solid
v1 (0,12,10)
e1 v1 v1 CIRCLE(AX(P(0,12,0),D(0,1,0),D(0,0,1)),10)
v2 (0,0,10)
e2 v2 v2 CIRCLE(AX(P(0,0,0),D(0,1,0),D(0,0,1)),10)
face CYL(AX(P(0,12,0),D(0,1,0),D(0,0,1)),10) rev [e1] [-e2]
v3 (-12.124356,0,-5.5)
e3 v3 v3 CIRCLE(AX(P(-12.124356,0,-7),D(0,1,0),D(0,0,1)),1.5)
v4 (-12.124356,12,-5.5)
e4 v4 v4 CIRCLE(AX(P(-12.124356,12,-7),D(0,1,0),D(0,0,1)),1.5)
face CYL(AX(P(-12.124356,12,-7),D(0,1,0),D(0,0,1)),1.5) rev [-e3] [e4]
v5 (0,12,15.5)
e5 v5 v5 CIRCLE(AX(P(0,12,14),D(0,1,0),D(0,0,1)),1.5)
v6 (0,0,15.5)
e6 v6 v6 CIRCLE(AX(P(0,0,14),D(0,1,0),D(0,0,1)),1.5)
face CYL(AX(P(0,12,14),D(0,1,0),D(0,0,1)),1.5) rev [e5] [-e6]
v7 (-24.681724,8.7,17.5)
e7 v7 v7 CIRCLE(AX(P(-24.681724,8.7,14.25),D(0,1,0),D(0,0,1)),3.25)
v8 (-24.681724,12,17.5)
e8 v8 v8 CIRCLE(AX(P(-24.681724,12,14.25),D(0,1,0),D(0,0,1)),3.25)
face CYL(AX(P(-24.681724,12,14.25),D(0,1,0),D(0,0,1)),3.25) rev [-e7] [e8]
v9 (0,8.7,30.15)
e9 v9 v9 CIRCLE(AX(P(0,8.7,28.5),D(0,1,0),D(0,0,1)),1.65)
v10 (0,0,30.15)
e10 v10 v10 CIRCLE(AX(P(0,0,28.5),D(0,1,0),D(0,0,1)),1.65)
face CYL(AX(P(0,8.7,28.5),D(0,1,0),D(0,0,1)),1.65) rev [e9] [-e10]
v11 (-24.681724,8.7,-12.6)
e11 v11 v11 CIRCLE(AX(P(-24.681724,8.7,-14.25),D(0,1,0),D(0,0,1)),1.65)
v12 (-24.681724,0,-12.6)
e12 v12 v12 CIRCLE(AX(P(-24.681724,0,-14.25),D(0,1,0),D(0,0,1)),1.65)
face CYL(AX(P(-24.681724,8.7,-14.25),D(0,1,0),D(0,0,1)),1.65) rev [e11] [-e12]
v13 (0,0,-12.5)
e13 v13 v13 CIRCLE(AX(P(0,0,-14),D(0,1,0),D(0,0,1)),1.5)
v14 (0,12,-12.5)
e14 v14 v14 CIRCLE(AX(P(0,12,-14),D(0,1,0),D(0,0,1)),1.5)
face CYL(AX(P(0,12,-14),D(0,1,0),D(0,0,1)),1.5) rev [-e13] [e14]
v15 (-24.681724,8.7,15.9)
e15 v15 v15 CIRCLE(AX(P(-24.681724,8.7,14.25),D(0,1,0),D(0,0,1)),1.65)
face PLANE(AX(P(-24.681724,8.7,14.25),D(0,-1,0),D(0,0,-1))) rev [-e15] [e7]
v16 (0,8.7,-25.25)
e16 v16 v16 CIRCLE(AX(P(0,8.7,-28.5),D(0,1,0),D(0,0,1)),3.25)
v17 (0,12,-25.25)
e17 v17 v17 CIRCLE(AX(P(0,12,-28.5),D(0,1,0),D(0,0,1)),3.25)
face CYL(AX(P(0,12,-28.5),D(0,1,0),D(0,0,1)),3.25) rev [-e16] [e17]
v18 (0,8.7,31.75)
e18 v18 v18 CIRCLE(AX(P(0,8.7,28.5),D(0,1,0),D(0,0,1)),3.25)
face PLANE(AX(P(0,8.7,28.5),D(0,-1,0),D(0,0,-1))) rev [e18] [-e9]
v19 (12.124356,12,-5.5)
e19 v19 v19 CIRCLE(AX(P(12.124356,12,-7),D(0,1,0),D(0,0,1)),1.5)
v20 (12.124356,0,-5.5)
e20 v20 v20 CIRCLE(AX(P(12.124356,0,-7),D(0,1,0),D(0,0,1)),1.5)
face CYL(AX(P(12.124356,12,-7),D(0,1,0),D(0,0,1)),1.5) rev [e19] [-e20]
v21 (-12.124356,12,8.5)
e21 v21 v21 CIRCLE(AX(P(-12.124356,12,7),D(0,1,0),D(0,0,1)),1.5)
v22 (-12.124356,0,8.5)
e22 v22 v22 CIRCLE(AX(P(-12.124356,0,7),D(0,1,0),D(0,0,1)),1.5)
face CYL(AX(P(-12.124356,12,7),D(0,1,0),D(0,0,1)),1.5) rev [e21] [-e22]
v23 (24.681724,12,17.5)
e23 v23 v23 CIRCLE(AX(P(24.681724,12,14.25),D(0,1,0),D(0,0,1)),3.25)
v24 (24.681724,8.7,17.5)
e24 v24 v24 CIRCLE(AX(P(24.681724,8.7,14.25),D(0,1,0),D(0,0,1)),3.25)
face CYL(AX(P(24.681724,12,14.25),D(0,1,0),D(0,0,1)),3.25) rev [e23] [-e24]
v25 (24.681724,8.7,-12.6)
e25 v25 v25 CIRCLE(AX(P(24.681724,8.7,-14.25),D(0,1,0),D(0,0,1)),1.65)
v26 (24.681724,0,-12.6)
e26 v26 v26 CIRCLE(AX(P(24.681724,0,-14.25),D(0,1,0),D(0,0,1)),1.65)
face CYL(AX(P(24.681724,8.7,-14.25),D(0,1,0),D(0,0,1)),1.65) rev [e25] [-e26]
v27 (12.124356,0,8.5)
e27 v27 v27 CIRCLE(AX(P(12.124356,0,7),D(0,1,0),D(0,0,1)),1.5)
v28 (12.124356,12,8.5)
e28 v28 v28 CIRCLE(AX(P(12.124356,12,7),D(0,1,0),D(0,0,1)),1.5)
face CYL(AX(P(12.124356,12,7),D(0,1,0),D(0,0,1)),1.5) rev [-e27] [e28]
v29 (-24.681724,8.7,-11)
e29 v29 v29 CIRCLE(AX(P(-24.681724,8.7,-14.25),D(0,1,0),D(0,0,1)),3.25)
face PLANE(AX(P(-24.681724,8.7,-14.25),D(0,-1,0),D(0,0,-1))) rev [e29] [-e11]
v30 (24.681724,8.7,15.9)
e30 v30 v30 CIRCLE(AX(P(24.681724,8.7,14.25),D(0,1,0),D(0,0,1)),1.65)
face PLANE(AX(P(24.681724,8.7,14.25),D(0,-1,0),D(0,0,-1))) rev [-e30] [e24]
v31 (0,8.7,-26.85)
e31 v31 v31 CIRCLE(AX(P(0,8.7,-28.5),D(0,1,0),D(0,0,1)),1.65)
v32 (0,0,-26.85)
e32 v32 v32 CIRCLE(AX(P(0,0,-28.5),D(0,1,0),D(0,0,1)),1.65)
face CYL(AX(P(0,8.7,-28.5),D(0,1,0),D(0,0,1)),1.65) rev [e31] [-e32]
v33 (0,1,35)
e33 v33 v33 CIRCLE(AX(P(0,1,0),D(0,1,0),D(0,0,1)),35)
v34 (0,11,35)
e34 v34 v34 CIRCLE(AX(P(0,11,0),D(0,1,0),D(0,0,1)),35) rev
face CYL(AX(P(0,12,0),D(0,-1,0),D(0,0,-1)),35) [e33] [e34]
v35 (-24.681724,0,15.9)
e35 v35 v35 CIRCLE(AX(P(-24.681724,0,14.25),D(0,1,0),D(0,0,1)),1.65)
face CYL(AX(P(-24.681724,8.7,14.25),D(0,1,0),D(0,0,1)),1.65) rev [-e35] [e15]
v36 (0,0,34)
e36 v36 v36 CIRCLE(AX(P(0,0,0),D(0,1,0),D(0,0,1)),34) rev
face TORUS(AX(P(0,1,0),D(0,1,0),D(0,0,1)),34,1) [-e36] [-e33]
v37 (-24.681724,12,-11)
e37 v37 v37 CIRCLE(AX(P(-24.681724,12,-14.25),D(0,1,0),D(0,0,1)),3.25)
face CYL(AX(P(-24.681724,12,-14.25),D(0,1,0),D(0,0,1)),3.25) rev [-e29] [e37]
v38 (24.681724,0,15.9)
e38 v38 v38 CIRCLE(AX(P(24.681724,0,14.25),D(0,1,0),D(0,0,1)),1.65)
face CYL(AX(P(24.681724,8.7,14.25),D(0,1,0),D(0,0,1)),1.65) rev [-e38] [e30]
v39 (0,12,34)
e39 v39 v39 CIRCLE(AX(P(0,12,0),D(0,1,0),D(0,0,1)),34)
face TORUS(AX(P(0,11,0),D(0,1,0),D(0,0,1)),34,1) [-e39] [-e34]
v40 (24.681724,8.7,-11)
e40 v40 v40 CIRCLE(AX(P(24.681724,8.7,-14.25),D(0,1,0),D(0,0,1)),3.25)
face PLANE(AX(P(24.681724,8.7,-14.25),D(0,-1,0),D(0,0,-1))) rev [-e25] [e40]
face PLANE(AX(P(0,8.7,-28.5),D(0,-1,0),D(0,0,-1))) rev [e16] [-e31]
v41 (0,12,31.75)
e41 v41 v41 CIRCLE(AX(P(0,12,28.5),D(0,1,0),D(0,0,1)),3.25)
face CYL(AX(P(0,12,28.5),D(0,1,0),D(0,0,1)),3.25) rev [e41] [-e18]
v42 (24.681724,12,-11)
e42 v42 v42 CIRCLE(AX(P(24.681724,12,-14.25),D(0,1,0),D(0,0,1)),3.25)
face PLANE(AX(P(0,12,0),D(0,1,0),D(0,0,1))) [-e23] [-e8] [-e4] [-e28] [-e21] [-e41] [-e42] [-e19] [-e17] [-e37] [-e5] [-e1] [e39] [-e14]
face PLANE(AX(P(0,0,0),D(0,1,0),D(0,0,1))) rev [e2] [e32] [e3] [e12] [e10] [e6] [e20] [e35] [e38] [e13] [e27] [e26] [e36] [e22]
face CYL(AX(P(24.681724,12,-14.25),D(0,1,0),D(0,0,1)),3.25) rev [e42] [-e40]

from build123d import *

# Parameters (mm, degrees)
SKETCH_1_R               = 35
EXTRUDE_1_DEPTH          = 12
HOLE_WIZARD_1_D          = 6.5
HOLE_WIZARD_1_DEPTH      = 3.3
PATTERN_CIRCULAR_1_COUNT = 6
HOLE_WIZARD_2_D          = 3.3
PATTERN_CIRCULAR_2_COUNT = 6
HOLE_WIZARD_3_D          = 3
PATTERN_CIRCULAR_3_COUNT = 6
FILLET_1_R               = 1
HOLE_WIZARD_4_D          = 20


with BuildPart() as part:
    # 草图1 → 凸台-拉伸1 (new body)
    with BuildSketch(Plane(origin=(0, 0, 0), x_dir=(1, 0, 0), z_dir=(0, 1, 0))):
        with Locations(Location((0, 0, 0), (0, 0, 270))):
            Circle(SKETCH_1_R)
    extrude(amount=EXTRUDE_1_DEPTH)

    # 孔1
    with Locations(Plane(origin=(0, 12, 0), x_dir=(1, 0, 0), z_dir=(0, 1, 0))):
        with Locations((0, 28.5)):
            hole_wizard_1 = Hole(HOLE_WIZARD_1_D / 2, depth=HOLE_WIZARD_1_DEPTH)

    # 阵列(圆周)1: 孔1 ×6 about axis
    pattern_circular_1_axis = Axis((0, 0, 0), (0, 1, 0))
    for i in range(1, PATTERN_CIRCULAR_1_COUNT):
        add(hole_wizard_1.rotate(pattern_circular_1_axis, i * 360 / PATTERN_CIRCULAR_1_COUNT), mode=Mode.SUBTRACT)

    # 孔2 (through all)
    with Locations(Plane(origin=(0, 8.7, 0), x_dir=(1, 0, 0), z_dir=(0, 1, 0))):
        with Locations((0, 28.5)):
            hole_wizard_2 = Hole(HOLE_WIZARD_2_D / 2)

    # 阵列(圆周)2: 孔2 ×6 about axis
    pattern_circular_2_axis = Axis((0, 0, 0), (0, 1, 0))
    for i in range(1, PATTERN_CIRCULAR_2_COUNT):
        add(hole_wizard_2.rotate(pattern_circular_2_axis, i * 360 / PATTERN_CIRCULAR_2_COUNT), mode=Mode.SUBTRACT)

    # 孔3 (through all)
    with Locations(Plane(origin=(0, 12, 0), x_dir=(1, 0, 0), z_dir=(0, 1, 0))):
        with Locations((0, 14)):
            hole_wizard_3 = Hole(HOLE_WIZARD_3_D / 2)

    # 阵列(圆周)3: 孔3 ×6 about axis
    pattern_circular_3_axis = Axis((0, 0, 0), (0, 1, 0))
    for i in range(1, PATTERN_CIRCULAR_3_COUNT):
        add(hole_wizard_3.rotate(pattern_circular_3_axis, i * 360 / PATTERN_CIRCULAR_3_COUNT), mode=Mode.SUBTRACT)

    # 圆角1
    fillet_1_edges = [part.edges().sort_by_distance(p)[0] for p in [
        (0, 0, -35),
        (0, 12, -35),
    ]]
    fillet(fillet_1_edges, radius=FILLET_1_R)

    # 孔4 (through all)
    with Locations(Plane(origin=(0, 12, 0), x_dir=(1, 0, 0), z_dir=(0, 1, 0))):
        with Locations((0, 0)):
            Hole(HOLE_WIZARD_4_D / 2)


solid = part.part
